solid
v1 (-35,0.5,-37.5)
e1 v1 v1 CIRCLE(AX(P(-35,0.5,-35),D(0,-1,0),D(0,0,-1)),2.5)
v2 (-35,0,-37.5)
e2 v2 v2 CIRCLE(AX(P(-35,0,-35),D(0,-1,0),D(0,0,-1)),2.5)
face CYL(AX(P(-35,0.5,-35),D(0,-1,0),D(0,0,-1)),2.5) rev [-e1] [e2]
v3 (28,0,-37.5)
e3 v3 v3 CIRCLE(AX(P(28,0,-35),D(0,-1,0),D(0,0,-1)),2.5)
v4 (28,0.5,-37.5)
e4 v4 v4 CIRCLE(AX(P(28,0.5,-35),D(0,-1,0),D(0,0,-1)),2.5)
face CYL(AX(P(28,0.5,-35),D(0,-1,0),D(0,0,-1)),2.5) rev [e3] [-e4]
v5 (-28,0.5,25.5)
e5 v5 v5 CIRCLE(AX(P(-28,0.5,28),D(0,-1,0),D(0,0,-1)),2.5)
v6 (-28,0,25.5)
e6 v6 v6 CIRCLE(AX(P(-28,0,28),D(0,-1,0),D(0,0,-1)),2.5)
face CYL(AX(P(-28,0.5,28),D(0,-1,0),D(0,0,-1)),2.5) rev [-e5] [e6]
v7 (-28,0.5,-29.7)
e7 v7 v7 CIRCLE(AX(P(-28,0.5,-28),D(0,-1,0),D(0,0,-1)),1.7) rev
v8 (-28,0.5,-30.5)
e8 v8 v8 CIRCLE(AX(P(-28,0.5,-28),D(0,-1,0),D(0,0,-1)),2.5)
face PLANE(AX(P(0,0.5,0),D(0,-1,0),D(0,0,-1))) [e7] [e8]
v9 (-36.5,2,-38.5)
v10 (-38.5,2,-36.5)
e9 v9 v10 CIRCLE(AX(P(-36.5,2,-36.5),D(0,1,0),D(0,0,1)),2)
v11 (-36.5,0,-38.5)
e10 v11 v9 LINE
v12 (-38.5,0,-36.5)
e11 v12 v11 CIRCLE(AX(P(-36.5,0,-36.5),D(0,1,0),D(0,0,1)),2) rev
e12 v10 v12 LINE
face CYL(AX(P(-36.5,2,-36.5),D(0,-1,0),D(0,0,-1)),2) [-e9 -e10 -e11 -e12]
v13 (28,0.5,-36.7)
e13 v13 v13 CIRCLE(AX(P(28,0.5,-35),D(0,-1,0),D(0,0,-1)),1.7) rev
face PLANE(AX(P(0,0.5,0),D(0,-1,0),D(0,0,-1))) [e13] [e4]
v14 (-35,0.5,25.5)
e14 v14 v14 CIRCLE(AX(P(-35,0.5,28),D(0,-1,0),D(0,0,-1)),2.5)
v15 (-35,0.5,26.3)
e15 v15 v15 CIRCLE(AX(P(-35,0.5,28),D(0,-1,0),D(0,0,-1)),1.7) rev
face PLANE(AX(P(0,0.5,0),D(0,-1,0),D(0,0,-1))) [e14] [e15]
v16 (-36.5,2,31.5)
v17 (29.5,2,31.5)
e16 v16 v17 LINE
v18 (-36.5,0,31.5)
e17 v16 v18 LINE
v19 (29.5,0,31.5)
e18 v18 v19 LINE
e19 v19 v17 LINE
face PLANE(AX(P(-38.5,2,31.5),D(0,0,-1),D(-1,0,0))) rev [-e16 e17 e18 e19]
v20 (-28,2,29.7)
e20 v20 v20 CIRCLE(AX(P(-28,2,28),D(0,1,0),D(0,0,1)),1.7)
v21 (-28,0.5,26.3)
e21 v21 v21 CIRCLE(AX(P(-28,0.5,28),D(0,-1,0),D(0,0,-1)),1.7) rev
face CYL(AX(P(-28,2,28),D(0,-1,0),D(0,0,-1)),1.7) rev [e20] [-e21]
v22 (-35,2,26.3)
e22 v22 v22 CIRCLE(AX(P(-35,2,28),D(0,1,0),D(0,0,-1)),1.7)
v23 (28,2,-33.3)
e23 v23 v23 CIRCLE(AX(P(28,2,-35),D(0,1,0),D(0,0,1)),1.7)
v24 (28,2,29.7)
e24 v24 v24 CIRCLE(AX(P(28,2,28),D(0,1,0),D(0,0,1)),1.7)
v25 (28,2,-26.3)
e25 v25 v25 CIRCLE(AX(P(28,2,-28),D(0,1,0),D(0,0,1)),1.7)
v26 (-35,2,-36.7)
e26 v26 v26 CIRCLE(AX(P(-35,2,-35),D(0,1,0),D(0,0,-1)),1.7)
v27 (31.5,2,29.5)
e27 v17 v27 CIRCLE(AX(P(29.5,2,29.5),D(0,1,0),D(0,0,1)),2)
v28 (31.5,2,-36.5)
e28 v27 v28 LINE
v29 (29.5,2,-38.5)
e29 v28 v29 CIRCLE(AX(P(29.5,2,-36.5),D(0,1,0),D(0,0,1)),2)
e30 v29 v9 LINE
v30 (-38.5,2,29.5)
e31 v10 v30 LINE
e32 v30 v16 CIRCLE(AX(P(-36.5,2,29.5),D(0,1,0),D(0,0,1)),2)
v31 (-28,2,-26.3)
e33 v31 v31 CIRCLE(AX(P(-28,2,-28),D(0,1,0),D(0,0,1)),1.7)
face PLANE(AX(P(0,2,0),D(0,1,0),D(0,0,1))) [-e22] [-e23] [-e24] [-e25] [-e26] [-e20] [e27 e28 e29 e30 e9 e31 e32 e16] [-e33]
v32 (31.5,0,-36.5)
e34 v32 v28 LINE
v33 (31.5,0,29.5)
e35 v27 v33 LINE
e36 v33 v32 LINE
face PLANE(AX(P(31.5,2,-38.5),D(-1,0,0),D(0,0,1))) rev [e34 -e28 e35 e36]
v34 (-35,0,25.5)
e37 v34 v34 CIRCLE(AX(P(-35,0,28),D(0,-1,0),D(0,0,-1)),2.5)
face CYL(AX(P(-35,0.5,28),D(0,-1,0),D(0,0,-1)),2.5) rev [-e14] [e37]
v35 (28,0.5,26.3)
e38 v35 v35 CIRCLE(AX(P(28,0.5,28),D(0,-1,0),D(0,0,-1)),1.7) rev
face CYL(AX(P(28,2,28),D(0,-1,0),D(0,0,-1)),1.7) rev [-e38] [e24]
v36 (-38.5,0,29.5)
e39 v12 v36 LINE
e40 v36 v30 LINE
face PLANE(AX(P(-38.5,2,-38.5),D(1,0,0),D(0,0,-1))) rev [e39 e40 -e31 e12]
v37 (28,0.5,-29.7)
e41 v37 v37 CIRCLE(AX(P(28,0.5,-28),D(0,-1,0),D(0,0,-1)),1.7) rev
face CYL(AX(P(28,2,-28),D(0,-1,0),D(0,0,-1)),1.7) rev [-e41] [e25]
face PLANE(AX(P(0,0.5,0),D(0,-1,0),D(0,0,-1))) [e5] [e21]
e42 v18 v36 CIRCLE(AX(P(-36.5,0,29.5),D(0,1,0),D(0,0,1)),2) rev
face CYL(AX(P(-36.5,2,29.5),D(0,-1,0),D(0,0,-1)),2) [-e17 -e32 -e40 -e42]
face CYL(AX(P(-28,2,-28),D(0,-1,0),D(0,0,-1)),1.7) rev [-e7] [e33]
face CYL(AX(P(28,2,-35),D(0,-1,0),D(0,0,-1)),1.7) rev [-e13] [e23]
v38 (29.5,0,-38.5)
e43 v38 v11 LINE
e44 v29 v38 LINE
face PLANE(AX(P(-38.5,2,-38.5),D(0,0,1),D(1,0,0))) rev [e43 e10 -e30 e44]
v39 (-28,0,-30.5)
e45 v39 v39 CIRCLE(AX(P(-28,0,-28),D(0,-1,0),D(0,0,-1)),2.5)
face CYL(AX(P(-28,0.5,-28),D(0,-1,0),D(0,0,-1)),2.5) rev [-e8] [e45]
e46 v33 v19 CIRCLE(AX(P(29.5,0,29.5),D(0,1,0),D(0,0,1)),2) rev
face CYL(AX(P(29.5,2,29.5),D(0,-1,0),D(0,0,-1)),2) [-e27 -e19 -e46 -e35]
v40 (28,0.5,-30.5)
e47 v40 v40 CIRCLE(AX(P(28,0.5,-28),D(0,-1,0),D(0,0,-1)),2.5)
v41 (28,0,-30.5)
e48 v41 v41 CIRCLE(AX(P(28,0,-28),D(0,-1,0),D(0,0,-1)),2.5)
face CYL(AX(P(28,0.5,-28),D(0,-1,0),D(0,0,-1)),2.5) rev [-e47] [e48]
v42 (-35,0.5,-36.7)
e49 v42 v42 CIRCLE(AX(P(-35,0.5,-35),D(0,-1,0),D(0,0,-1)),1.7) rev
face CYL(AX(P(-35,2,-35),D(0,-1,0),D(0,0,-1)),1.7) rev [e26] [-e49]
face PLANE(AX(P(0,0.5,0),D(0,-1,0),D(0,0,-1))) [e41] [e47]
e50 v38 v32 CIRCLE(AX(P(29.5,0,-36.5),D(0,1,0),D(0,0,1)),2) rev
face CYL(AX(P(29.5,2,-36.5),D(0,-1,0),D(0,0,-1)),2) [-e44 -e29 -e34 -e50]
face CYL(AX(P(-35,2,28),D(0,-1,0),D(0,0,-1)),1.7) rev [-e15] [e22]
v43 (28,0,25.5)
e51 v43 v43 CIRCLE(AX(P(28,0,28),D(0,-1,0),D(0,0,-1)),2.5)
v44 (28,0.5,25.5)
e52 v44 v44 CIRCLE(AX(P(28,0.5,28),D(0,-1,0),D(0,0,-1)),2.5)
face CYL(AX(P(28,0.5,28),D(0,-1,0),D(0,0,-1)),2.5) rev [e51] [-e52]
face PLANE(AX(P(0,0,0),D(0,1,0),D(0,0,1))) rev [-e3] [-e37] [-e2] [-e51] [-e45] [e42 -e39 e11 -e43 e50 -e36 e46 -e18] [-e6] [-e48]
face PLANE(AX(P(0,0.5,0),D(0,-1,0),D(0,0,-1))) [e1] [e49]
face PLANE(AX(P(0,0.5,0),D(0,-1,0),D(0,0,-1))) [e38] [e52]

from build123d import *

# Parameters (mm, degrees)
SKETCH_1_W          = 70
SKETCH_1_H          = 70
SKETCH_1_R          = 1.7
EXTRUDE_1_DEPTH     = 2
FILLET_1_R          = 2
SKETCH_2_R          = 2.5
SKETCH_2_R_2        = 1.7
CUT_EXTRUDE_1_DEPTH = 0.5


with BuildPart() as part:
    # 草图1 → 凸台-拉伸1 (new body)
    with BuildSketch(Plane(origin=(0, 0, 0), x_dir=(1, 0, 0), z_dir=(0, 1, 0))):
        with Locations((-3.5, 3.5)):
            Rectangle(SKETCH_1_W, SKETCH_1_H)
        with Locations(Location((-28, -28, 0), (0, 0, 270))):
            Circle(SKETCH_1_R, mode=Mode.SUBTRACT)
        with Locations(Location((28, -28, 0), (0, 0, 270))):
            Circle(SKETCH_1_R, mode=Mode.SUBTRACT)
        with Locations(Location((28, 28, 0), (0, 0, 270))):
            Circle(SKETCH_1_R, mode=Mode.SUBTRACT)
        with Locations(Location((-28, 28, 0), (0, 0, 270))):
            Circle(SKETCH_1_R, mode=Mode.SUBTRACT)
        with Locations(Location((28, 35, 0), (0, 0, 270))):
            Circle(SKETCH_1_R, mode=Mode.SUBTRACT)
        with Locations(Location((-35, -28, 0), (0, 0, 90))):
            Circle(SKETCH_1_R, mode=Mode.SUBTRACT)
        with Locations(Location((-35, 35, 0), (0, 0, 90))):
            Circle(SKETCH_1_R, mode=Mode.SUBTRACT)
    extrude(amount=EXTRUDE_1_DEPTH)

    # 圆角1
    fillet_1_edges = [part.edges().sort_by_distance(p)[0] for p in [
        (-38.5, 1, -38.5),
        (31.5, 1, -38.5),
        (31.5, 1, 31.5),
        (-38.5, 1, 31.5),
    ]]
    fillet(fillet_1_edges, radius=FILLET_1_R)

    # 草图2 → 切除-拉伸1 (cut)
    # profile 1 of 7: a face of its own
    with BuildSketch(Plane.XZ):
        with Locations(Location((-28, 28, 0), (0, 0, 270))):
            Circle(SKETCH_2_R)
        with Locations(Location((-28, 28, 0), (0, 0, 270))):
            Circle(SKETCH_2_R_2, mode=Mode.SUBTRACT)
    # profile 2 of 7: a face of its own
    with BuildSketch(Plane.XZ):
        with Locations(Location((-35, 28, 0), (0, 0, 270))):
            Circle(SKETCH_2_R)
        with Locations(Location((-35, 28, 0), (0, 0, 270))):
            Circle(SKETCH_2_R_2, mode=Mode.SUBTRACT)
    # profile 3 of 7: a face of its own
    with BuildSketch(Plane.XZ):
        with Locations(Location((28, 28, 0), (0, 0, 270))):
            Circle(SKETCH_2_R)
        with Locations(Location((28, 28, 0), (0, 0, 270))):
            Circle(SKETCH_2_R_2, mode=Mode.SUBTRACT)
    # profile 4 of 7: a face of its own
    with BuildSketch(Plane.XZ):
        with Locations(Location((28, -28, 0), (0, 0, 270))):
            Circle(SKETCH_2_R)
        with Locations(Location((28, -28, 0), (0, 0, 270))):
            Circle(SKETCH_2_R_2, mode=Mode.SUBTRACT)
    # profile 5 of 7: a face of its own
    with BuildSketch(Plane.XZ):
        with Locations(Location((28, -35, 0), (0, 0, 270))):
            Circle(SKETCH_2_R)
        with Locations(Location((28, -35, 0), (0, 0, 270))):
            Circle(SKETCH_2_R_2, mode=Mode.SUBTRACT)
    # profile 6 of 7: a face of its own
    with BuildSketch(Plane.XZ):
        with Locations(Location((-28, -28, 0), (0, 0, 270))):
            Circle(SKETCH_2_R)
        with Locations(Location((-28, -28, 0), (0, 0, 270))):
            Circle(SKETCH_2_R_2, mode=Mode.SUBTRACT)
    # profile 7 of 7: a face of its own
    with BuildSketch(Plane.XZ):
        with Locations(Location((-35, -35, 0), (0, 0, 270))):
            Circle(SKETCH_2_R)
        with Locations(Location((-35, -35, 0), (0, 0, 270))):
            Circle(SKETCH_2_R_2, mode=Mode.SUBTRACT)
    extrude(amount=-CUT_EXTRUDE_1_DEPTH, mode=Mode.SUBTRACT)


solid = part.part
